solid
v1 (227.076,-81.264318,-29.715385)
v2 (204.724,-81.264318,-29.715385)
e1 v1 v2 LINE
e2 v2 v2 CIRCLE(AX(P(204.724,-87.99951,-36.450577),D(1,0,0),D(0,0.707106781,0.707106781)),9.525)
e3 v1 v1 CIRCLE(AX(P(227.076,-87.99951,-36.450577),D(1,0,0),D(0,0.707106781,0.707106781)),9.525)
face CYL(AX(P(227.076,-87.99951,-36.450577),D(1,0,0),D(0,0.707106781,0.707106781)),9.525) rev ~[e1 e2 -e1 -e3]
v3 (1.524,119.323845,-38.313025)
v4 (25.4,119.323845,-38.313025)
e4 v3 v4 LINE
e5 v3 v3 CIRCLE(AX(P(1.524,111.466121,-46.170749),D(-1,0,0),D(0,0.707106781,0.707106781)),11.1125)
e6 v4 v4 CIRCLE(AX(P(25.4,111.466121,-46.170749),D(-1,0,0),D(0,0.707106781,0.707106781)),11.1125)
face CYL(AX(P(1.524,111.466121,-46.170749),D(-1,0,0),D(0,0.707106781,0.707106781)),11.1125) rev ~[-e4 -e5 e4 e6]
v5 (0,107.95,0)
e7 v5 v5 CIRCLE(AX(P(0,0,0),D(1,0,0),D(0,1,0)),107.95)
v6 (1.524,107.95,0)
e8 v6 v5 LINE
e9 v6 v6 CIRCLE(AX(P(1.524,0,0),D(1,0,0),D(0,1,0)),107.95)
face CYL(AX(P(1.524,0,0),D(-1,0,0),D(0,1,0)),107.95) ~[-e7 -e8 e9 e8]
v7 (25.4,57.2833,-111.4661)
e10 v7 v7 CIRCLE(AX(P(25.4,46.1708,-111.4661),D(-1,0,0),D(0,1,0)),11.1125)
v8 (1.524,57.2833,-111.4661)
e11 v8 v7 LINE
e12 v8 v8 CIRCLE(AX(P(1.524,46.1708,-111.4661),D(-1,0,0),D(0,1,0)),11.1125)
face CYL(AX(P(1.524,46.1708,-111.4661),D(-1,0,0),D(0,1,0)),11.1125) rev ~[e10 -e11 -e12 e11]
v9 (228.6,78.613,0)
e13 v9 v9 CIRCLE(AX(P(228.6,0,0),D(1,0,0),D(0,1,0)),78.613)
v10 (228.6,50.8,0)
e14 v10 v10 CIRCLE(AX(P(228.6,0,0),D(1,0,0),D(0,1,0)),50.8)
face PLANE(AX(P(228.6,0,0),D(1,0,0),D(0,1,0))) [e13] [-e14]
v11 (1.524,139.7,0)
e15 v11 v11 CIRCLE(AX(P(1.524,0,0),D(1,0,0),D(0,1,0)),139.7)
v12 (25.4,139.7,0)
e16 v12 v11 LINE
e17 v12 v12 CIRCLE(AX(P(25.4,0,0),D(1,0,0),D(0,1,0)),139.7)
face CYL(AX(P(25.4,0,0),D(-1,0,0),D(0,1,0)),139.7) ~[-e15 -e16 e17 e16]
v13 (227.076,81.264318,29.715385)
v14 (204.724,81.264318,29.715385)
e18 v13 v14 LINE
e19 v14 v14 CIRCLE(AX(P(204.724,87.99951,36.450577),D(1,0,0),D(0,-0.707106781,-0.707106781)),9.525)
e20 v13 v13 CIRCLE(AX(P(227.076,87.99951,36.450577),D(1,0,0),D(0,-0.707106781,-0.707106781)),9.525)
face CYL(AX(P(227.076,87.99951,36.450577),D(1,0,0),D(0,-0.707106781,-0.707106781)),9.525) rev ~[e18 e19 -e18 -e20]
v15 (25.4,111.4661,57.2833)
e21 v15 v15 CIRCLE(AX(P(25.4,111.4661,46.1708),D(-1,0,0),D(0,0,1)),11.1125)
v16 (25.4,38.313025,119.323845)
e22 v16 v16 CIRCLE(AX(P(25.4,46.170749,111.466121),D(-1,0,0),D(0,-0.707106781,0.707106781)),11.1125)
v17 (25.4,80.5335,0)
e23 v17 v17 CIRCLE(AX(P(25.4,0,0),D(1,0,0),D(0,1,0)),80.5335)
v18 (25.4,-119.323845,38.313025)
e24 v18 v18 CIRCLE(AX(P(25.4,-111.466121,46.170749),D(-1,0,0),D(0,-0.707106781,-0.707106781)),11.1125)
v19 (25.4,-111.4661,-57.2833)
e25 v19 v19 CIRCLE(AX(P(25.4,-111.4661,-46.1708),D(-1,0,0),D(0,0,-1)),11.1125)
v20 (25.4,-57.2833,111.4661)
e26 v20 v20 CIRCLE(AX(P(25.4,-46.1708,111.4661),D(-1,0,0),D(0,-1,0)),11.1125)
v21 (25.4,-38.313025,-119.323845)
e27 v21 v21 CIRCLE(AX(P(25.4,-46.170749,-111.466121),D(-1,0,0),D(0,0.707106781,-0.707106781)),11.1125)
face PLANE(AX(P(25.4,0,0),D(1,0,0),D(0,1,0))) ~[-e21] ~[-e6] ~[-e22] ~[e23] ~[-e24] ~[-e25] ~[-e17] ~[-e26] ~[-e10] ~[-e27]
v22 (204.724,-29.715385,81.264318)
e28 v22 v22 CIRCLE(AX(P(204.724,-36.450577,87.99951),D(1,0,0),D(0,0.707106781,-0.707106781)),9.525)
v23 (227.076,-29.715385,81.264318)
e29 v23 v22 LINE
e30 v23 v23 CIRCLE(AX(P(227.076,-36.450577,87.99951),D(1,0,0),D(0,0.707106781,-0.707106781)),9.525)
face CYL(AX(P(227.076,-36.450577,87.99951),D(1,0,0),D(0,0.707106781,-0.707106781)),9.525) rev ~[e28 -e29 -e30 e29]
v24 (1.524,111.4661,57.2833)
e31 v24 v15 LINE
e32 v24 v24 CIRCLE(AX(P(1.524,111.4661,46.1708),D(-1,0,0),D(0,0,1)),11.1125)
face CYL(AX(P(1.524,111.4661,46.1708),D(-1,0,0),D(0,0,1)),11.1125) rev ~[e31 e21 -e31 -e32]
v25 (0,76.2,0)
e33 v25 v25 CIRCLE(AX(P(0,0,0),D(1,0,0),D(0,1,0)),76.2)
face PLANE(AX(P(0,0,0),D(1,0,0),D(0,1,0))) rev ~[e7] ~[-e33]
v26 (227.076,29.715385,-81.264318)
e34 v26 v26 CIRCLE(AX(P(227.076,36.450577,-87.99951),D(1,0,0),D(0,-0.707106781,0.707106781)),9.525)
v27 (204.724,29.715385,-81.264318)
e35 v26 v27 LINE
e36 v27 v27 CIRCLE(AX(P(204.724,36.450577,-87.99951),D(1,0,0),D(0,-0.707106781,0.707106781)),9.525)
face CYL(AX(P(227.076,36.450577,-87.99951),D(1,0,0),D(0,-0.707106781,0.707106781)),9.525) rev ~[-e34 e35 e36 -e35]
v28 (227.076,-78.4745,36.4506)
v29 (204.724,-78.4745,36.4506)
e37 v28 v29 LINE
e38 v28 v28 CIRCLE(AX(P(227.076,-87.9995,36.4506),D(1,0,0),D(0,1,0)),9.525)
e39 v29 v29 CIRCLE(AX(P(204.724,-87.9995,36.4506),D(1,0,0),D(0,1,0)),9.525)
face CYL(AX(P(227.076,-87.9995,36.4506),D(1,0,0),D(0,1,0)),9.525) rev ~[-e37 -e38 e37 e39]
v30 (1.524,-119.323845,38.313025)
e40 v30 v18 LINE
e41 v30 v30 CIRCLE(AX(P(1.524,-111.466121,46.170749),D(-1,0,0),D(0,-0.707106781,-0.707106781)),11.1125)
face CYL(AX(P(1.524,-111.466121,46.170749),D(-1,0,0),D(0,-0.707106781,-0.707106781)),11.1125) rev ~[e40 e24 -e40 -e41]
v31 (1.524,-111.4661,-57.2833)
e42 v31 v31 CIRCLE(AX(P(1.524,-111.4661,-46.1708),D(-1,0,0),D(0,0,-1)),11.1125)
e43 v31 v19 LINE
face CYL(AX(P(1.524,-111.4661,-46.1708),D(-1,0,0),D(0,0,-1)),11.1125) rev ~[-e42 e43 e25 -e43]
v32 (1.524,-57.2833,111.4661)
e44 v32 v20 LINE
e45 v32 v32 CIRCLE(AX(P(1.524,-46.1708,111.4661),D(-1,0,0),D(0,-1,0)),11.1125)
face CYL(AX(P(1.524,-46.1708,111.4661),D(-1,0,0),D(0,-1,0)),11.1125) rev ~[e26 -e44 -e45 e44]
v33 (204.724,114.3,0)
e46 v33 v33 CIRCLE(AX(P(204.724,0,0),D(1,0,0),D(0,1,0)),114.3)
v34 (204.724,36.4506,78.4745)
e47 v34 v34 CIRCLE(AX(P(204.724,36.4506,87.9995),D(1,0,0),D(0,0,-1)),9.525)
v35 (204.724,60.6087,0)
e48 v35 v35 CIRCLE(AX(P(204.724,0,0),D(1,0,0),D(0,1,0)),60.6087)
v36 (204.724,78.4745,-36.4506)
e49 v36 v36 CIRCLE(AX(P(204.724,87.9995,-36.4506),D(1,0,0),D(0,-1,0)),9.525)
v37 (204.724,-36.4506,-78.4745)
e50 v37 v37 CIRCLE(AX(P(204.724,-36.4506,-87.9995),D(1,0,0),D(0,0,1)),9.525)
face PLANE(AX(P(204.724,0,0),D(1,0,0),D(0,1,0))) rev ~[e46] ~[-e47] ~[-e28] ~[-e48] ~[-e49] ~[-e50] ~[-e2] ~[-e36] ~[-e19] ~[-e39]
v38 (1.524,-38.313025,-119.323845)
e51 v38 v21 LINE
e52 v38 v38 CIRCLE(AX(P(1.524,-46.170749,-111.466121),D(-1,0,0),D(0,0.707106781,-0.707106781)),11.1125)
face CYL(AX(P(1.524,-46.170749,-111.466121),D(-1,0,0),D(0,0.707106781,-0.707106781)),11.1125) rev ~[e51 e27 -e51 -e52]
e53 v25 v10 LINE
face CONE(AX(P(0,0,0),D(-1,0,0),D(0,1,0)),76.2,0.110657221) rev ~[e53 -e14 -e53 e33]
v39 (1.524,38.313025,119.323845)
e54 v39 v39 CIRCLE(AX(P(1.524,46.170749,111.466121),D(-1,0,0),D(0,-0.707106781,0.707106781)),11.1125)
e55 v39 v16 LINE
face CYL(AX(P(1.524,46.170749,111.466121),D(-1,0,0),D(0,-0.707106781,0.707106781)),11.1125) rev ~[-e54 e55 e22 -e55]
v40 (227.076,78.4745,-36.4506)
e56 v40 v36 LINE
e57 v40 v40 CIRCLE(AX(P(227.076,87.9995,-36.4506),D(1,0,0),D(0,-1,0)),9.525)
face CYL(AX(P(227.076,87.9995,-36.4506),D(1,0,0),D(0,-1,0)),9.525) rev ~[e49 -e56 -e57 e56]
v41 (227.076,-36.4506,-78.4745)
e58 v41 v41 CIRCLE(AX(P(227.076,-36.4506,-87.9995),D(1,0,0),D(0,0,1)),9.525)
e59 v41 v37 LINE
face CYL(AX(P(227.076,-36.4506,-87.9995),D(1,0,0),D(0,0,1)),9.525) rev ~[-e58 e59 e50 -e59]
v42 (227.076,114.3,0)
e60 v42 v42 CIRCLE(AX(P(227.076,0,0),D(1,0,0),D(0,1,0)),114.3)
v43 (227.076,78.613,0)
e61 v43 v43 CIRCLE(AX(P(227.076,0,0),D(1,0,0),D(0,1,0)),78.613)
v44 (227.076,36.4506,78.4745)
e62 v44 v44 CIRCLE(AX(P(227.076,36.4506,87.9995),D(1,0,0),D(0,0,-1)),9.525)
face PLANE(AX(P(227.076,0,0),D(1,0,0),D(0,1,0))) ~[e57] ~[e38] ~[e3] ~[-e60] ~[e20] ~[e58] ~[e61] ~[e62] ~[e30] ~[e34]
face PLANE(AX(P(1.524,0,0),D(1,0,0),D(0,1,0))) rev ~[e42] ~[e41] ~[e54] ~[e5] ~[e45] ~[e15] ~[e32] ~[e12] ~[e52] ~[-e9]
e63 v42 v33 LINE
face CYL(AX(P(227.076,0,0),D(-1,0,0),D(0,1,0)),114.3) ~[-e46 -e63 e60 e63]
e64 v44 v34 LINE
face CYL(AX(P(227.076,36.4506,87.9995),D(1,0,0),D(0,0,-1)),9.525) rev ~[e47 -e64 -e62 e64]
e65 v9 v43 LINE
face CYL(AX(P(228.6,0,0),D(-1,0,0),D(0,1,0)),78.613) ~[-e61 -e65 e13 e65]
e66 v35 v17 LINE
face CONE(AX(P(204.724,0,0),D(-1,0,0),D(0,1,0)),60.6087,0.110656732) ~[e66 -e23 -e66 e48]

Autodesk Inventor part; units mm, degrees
ref_plane "YZ Plane" through (0, 0, 0) normal (1, 0, 0) x (0, 1, 0)
ref_plane "XZ Plane" through (0, 0, 0) normal (0, 1, 0) x (-1, 0, 0)
ref_plane "XY Plane" through (0, 0, 0) normal (0, 0, 1) x (1, 0, 0)
sketch "Sketch1" plane through (0, 0, 0) normal (0, 0, 1) x (1, 0, 0)
  line L0 (0, 0) -> (228.6, 0) construction
  line L1 (228.6, 0) -> (228.6, 50.8) construction
  line L2 (228.6, 78.613) -> (227.076, 78.613)
  line L3 (227.076, 78.613) -> (227.076, 114.3)
  line L4 (227.076, 114.3) -> (204.724, 114.3)
  line L5 (204.724, 114.3) -> (204.724, 60.6087)
  line L6 (204.724, 60.6087) -> (25.4, 80.5335)
  line L7 (25.4, 80.5335) -> (25.4, 139.7)
  line L8 (25.4, 139.7) -> (1.524, 139.7)
  line L9 (1.524, 139.7) -> (1.524, 107.95)
  line L10 (1.524, 107.95) -> (0, 107.95)
  line L11 (0, 107.95) -> (0, 76.2)
  line L12 (0, 76.2) -> (228.6, 50.8)
  line L13 (0, 76.2) -> (0, 0) construction
  line L14 (228.6, 78.613) -> (228.6, 50.8)
  dimension "d0" = 1.524
  dimension "d3" = 1.524
  dimension "d4" = 152.4
  dimension "d5" = 7.112
  dimension "d6" = 101.6
  dimension "d7" = 215.9
  dimension "d8" = 157.226
  dimension "d9" = 279.4
  dimension "d10" = 228.6
  dimension "d11" = 228.6
  dimension "d12" = 25.4
  dimension "d13" = 23.876
revolve "Revolution1" add sketch "Sketch1" angle 360 about axis through (0, 0, 0) along (1, 0, 0)
sketch "Sketch3" plane through (1.524, 0, 0) normal (-1, 0, 0) x (0, 0, 1)
  circle A0 centre (0, 0) radius 107.95 projected
  circle A1 centre (46.1708, 111.4661) radius 11.1125
  circle A2 centre (0, 0) radius 120.65 construction
  line L0 (46.1708, 111.4661) -> (0, 0) construction
  line L1 (0, 0) -> (0, 120.65) construction
  dimension "d19" = 22.5
  dimension "d20" = 22.225
  dimension "d21" = 241.3
extrude "Extrusion1" cut sketch "Sketch3" against normal up to surface (23.876 mm away) contours A1
pattern_circular "Circular Pattern1" count 8 over 360 about axis through (13.462, 0, 0) along (1, 0, 0) of "Extrusion1"
sketch "Sketch4" plane through (227.076, 0, 0) normal (1, 0, 0) x (0, 0, -1)
  circle A0 centre (0, 0) radius 114.3 projected
  circle A1 centre (-87.9995, 36.4506) radius 9.525
  circle A2 centre (0, 0) radius 95.25 construction
  line L0 (-87.9995, 36.4506) -> (0, 0) construction
  line L1 (0, 0) -> (-95.25, 0) construction
  dimension "d24" = 22.5
  dimension "d26" = 19.05
  dimension "d27" = 190.5
extrude "Extrusion2" cut sketch "Sketch4" against normal up to surface (22.352 mm away) contours A1
pattern_circular "Circular Pattern2" count 8 over 360 about axis through (215.9, 0, 0) along (1, 0, 0) of "Extrusion2"
equation "\"d4\" = d1"
equation "\"d5\" = t"
equation "\"d6\" = d2"
equation "\"d7\" = R1"
equation "\"d8\" = R2"
equation "\"d9\" = O1"
equation "\"d10\" = O2"
equation "\"d11\" = GG"
equation "\"d12\" = C11"
equation "\"d13\" = C12"
equation "\"d20\" = DH1"
equation "\"d21\" = BC1"
equation "\"d26\" = DH2"
equation "\"d27\" = BC2"
equation "\"O1\" = 279.4"
equation "\"C11\" = 25.4"
equation "\"t\" = 7.112"
equation "\"d1\" = 152.4"
equation "\"GG\" = 228.6"
equation "\"R1\" = 215.9"
equation "\"BC1\" = 241.3"
equation "\"DH1\" = 22.225"
equation "\"O2\" = 228.6"
equation "\"C12\" = 23.876"
equation "\"d2\" = 101.6"
equation "\"R2\" = 157.226"
equation "\"BC2\" = 190.5"
equation "\"DH2\" = 19.05"
equation "\"Size_Designation\" = 1.2345"
properties part number "ADREF-000036" material "Steel, Mild"
